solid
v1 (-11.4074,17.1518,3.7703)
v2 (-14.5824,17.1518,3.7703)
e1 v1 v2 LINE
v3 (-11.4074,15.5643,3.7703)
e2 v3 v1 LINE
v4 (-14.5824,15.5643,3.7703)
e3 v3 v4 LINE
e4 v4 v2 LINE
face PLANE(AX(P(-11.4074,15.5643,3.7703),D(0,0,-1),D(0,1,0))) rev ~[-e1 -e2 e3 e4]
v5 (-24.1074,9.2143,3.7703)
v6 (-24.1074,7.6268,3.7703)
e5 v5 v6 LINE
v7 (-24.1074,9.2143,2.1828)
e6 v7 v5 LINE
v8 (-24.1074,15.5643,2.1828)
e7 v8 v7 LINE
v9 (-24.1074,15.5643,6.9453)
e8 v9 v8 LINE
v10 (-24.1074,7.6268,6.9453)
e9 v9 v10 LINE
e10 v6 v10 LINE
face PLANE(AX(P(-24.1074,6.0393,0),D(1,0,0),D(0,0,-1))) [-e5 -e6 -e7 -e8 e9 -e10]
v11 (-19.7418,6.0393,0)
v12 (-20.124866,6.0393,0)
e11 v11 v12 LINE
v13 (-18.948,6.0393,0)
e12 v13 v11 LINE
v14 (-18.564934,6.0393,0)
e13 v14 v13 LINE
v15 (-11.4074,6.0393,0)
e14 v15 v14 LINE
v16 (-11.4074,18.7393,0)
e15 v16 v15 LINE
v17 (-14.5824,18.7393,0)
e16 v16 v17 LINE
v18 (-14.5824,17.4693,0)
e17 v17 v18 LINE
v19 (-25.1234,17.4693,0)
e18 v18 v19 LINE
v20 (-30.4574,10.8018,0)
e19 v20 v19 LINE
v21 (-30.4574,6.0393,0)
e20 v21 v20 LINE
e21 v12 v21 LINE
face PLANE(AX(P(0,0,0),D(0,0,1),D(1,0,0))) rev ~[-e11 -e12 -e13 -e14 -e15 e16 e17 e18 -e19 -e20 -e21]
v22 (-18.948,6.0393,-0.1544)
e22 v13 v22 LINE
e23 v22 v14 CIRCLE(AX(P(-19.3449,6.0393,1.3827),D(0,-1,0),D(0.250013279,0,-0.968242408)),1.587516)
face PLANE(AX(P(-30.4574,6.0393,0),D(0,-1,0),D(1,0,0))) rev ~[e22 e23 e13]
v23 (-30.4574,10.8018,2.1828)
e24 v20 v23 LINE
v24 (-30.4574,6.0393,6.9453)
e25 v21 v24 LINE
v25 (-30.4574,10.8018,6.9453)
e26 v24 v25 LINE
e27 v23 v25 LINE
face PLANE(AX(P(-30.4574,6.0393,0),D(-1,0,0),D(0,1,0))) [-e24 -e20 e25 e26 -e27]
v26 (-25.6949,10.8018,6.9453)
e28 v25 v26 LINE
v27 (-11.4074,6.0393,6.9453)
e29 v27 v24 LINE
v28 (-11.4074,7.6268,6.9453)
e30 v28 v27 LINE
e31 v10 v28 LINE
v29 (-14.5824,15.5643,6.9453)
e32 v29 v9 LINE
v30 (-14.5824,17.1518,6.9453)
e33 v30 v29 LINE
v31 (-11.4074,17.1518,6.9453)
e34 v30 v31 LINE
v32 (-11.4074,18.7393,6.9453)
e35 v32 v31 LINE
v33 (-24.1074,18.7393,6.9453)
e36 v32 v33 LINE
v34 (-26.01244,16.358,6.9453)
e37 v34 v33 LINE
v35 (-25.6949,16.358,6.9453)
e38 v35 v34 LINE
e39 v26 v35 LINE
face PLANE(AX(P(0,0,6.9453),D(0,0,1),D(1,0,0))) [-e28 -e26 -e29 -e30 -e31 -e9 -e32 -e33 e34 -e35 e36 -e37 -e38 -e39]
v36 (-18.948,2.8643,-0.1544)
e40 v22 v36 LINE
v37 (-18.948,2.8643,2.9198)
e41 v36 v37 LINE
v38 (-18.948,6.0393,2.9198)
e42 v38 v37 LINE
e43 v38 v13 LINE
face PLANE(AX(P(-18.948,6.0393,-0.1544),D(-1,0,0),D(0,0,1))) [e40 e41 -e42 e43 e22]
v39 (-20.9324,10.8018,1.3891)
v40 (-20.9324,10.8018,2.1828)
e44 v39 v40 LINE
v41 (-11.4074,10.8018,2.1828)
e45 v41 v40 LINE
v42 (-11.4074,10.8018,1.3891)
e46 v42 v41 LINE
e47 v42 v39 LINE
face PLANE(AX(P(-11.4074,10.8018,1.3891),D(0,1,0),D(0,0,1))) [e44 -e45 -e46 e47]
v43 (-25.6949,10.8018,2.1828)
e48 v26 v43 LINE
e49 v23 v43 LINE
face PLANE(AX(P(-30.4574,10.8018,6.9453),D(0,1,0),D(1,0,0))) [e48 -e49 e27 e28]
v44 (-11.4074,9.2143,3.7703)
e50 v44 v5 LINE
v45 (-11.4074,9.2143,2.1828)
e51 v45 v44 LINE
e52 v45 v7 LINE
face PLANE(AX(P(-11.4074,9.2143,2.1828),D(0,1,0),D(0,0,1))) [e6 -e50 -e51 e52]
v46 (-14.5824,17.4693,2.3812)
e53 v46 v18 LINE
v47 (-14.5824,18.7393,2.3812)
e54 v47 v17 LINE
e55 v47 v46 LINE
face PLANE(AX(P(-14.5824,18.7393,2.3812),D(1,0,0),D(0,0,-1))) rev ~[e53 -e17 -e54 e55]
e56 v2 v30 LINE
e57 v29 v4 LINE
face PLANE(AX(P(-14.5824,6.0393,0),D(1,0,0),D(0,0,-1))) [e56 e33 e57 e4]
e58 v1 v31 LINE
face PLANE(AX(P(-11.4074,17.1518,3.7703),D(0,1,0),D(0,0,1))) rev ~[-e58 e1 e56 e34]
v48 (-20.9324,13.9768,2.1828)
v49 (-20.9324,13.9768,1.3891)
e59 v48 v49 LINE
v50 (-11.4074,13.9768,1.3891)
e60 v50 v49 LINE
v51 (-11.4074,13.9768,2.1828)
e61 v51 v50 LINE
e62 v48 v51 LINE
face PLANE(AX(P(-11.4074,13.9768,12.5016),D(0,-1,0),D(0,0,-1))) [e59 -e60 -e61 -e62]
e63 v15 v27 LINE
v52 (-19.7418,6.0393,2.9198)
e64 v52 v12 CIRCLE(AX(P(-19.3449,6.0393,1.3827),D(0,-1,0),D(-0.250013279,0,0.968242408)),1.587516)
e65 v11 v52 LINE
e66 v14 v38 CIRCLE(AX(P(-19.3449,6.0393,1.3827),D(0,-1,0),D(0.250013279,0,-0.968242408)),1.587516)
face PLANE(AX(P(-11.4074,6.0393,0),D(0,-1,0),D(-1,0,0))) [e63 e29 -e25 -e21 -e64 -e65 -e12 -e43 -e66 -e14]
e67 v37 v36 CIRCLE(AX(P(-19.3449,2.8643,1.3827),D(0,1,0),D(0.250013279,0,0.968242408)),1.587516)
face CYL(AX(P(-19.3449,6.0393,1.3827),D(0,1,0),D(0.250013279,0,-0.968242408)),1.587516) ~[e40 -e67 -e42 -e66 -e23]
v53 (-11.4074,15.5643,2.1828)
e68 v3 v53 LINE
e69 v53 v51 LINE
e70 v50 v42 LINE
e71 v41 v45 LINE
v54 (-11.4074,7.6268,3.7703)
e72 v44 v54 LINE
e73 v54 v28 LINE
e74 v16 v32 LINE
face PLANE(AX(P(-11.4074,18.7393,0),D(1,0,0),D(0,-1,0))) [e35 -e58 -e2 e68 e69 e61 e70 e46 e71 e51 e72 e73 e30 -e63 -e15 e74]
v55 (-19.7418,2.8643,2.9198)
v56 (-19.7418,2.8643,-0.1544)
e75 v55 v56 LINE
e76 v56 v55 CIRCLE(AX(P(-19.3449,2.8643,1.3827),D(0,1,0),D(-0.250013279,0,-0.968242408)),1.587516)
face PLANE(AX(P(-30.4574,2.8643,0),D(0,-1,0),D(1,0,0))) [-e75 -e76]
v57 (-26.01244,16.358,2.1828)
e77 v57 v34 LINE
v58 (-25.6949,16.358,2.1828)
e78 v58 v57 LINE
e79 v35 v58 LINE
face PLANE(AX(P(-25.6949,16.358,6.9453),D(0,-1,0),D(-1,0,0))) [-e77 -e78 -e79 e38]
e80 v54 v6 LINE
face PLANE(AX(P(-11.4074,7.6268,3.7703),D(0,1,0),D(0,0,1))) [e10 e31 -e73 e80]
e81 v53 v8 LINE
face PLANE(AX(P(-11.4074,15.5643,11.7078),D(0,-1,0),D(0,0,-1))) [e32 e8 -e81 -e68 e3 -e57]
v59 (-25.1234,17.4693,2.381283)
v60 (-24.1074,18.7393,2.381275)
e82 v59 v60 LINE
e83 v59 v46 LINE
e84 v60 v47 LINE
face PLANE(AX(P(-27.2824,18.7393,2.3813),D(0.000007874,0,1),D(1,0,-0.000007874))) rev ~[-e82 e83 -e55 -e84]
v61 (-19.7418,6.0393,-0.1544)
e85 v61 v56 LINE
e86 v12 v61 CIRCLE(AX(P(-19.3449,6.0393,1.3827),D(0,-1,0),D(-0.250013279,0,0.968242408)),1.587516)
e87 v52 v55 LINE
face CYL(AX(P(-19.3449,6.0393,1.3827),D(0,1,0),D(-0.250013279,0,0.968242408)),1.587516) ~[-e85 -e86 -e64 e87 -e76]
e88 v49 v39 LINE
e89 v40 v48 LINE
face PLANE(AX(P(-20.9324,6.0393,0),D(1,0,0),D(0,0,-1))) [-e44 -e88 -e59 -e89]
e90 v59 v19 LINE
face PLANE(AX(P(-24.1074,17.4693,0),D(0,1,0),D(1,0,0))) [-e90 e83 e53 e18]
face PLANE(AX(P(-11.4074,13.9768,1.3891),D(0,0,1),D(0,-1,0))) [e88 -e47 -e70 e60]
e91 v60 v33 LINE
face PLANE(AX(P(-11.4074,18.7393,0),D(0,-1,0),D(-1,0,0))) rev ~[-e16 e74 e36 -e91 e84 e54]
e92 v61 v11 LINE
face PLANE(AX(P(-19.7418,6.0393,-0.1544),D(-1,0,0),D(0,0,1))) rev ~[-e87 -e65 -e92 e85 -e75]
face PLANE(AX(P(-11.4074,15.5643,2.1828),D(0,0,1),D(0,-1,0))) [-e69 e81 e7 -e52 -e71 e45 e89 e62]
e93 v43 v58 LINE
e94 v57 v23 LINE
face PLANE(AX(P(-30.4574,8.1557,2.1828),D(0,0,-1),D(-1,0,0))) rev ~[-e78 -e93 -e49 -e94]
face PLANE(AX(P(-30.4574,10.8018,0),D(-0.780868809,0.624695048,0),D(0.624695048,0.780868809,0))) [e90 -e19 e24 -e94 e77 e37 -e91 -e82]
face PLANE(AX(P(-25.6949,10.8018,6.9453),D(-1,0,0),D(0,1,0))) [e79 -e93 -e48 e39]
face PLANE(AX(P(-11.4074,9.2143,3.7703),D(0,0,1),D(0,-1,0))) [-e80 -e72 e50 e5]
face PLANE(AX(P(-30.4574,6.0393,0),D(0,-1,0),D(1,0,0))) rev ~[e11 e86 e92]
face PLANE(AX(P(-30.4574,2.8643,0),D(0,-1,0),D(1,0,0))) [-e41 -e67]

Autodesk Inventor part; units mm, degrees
ref_plane "YZ Plane" through (0, 0, 0) normal (1, 0, 0) x (0, 1, 0)
sketch "Sketch1" plane through (0, 0, 0) normal (0, 0, 1) x (1, 0, 0)
  line L0 (-11.4074, 18.7393) -> (-11.4074, 6.0393)
  line L1 (-11.4074, 6.0393) -> (-30.4574, 6.0393)
  line L2 (-30.4574, 6.0393) -> (-30.4574, 10.8018)
  line L3 (-30.4574, 10.8018) -> (-24.1074, 18.7393)
  line L4 (-11.4074, 18.7393) -> (-24.1074, 18.7393)
  dimension "d0" = 12.7
  dimension "d1" = 19.05
  dimension "d2" = 4.7625
  dimension "d4" = 12.7
extrude "Extrusion1" add sketch "Sketch1" along normal blind 13.8906
sketch "Sketch3" plane through (-30.4574, 6.0393, 0) normal (-1, 0, 0) x (0, 0, 1)
  line L0 (13.8906, 0) -> (13.8906, 4.7625) projected
  line L1 (0, 4.7625) -> (13.8906, 4.7625) projected
  line L2 (0, 0) -> (0, 4.7625) projected
  line L3 (0, 0) -> (13.8906, 0) projected
  circle A0 centre (6.9453, 2.1164) radius 6.9453 construction
  line L4 (6.9453, 2.1164) -> (6.9453, 0)
ref_plane "Work Plane1" through (-30.4574, 8.1557, 6.9453) normal (0, 0, -1) x (-1, 0, 0)
sketch "Sketch4" plane through (-30.4574, 8.1557, 6.9453) normal (0, 0, -1) x (-1, 0, 0)
  line L0 (-4.7625, 8.2023) -> (0, 8.2023)
  line L1 (0, 8.2023) -> (0, 2.6461)
  line L2 (0, 2.6461) -> (-4.7625, 2.6461)
  line L3 (-4.7625, 2.6461) -> (-4.7625, 8.2023)
  line L4 (0, -2.1164) -> (0, 2.6461) projected
  dimension "d13" = 4.7625
  dimension "d14" = 5.5563
extrude "Extrusion3" cut sketch "Sketch4" against normal mid plane 9.525
sketch "Sketch5" plane through (-11.4074, 6.0393, 0) normal (1, 0, 0) x (0, 0, -1)
  line L0 (-13.8906, 12.7) -> (-13.8906, 0) projected
  line L1 (0, 0) -> (-13.8906, 0) projected
  line L2 (0, 12.7) -> (0, 0) projected
  line L3 (0, 12.7) -> (-13.8906, 12.7) projected
  line L4 (-11.7078, 9.525) -> (-2.1828, 9.525)
  line L5 (-2.1828, 9.525) -> (-2.1828, 3.175)
  line L6 (-2.1828, 3.175) -> (-11.7078, 3.175)
  line L7 (-11.7078, 3.175) -> (-11.7078, 9.525)
  circle A0 centre (-6.9453, 6.35) radius 4.7625 construction
  circle A1 centre (-6.9453, 6.35) radius 3.175 construction
  circle A2 centre (-6.9453, 6.35) radius 6.35 construction
  circle A3 centre (-6.9453, 6.35) radius 6.9453 construction
  dimension "d17" = 9.525
  dimension "d18" = 6.35
extrude "Extrusion4" cut sketch "Sketch5" against normal blind 12.7 contours L4 L5 L6 L7
sketch "Sketch6" plane through (-11.4074, 6.0393, 0) normal (1, 0, 0) x (0, 0, -1)
  line L0 (-11.7078, 3.175) -> (-11.7078, 9.525) projected
  line L1 (-11.7078, 9.525) -> (-2.1828, 9.525) projected
  line L2 (-2.1828, 9.525) -> (-2.1828, 3.175) projected
  line L3 (-10.1203, 9.525) -> (-3.7703, 9.525)
  line L4 (-3.7703, 9.525) -> (-3.7703, 11.1125)
  line L5 (-3.7703, 11.1125) -> (-10.1203, 11.1125)
  line L6 (-10.1203, 11.1125) -> (-10.1203, 9.525)
  circle A0 centre (-6.9453, 20.5431) radius 3.175 construction
  circle A1 centre (-6.9453, 20.5431) radius 4.7625 construction
  dimension "d21" = 6.35
  dimension "d22" = 1.5875
extrude "Extrusion5" cut sketch "Sketch6" against normal blind 3.175
sketch "Sketch7" plane through (-11.4074, 6.0393, 0) normal (1, 0, 0) x (0, 0, -1)
  line L0 (-13.8906, 12.7) -> (-13.8906, 0) projected
  line L1 (0, 0) -> (-13.8906, 0) projected
  line L2 (0, 12.7) -> (0, 0) projected
  line L3 (0, 12.7) -> (-13.8906, 12.7) projected
  line L4 (-12.5016, 7.9375) -> (-1.3891, 7.9375)
  line L5 (-1.3891, 7.9375) -> (-1.3891, 4.7625)
  line L6 (-1.3891, 4.7625) -> (-12.5016, 4.7625)
  line L7 (-12.5016, 4.7625) -> (-12.5016, 7.9375)
  circle A0 centre (-6.9453, 6.35) radius 5.5563 construction
  circle A1 centre (-6.9453, 6.35) radius 6.9453 construction
  circle A2 centre (-6.9453, 6.35) radius 6.35 construction
  circle A3 centre (-6.9453, 6.35) radius 1.5875 construction
  dimension "d25" = 3.175
  dimension "d26" = 11.1125
extrude "Extrusion6" cut sketch "Sketch7" against normal blind 9.525 contours L4 L5 L6 L7
sketch "Sketch8" plane through (-11.4074, 6.0393, 0) normal (1, 0, 0) x (0, 0, -1)
  line L0 (-10.1203, 9.525) -> (-10.1203, 11.1125) projected
  line L1 (-3.7703, 11.1125) -> (-3.7703, 9.525) projected
  line L2 (-2.1828, 3.175) -> (-11.7078, 3.175) projected
  line L3 (-10.1203, 3.175) -> (-3.7703, 3.175)
  line L4 (-3.7703, 3.175) -> (-3.7703, 1.5875)
  line L5 (-3.7703, 1.5875) -> (-10.1203, 1.5875)
  line L6 (-10.1203, 1.5875) -> (-10.1203, 3.175)
  dimension "d29" = 1.5875
extrude "Extrusion7" cut sketch "Sketch8" against normal up to surface (12.7 mm away)
sketch "Sketch9" plane through (-30.4574, 6.0393, 0) normal (0, -1, 0) x (1, 0, 0)
  line L0 (19.05, 13.8906) -> (0, 13.8906) projected
  line L1 (19.05, 0) -> (0, 0) projected
  line L2 (19.05, 0) -> (19.05, 13.8906) projected
  line L3 (11.5094, -0.1544) -> (11.5094, 2.9198)
  line L4 (11.5094, 10.9708) -> (11.5094, 14.045)
  line L5 (10.7156, -0.1544) -> (10.7156, 2.9198)
  line L6 (10.7156, 10.9708) -> (10.7156, 14.045)
  arc A0 (10.7156, 2.9198) -> (10.7156, -0.1544) centre (11.1125, 1.3827) ccw
  arc A1 (11.5094, -0.1544) -> (11.5094, 2.9198) centre (11.1125, 1.3827) ccw
  arc A2 (11.5094, 10.9708) -> (11.5094, 14.045) centre (11.1125, 12.5079) ccw
  arc A3 (10.7156, 14.045) -> (10.7156, 10.9708) centre (11.1125, 12.5079) ccw
  circle A4 centre (11.1125, 6.9453) radius 5.5626 construction
  circle A5 centre (11.1125, 6.9453) radius 6.9453 construction
  dimension "d32" = 7.9375
  dimension "d33" = 1.5875
  dimension "d34" = 0.7937
  dimension "d35" = 0.3969
  dimension "d45" = 11.1252
extrude "Extrusion8" add sketch "Sketch9" along normal blind 3.175
sketch "Sketch10" plane through (-24.1074, 18.7393, 0) normal (0, 1, 0) x (1, 0, 0)
  line L0 (0, -13.8906) -> (12.7, -13.8906) projected
  line L1 (12.7, 0) -> (12.7, -13.8906) projected
  line L2 (0, 0) -> (12.7, 0) projected
  line L3 (9.525, 0) -> (-3.175, 0)
  line L4 (-3.175, 0) -> (-3.175, -2.3813)
  line L5 (-3.175, -2.3813) -> (9.525, -2.3812)
  line L6 (9.525, -2.3812) -> (9.525, 0)
  line L7 (9.525, -11.5094) -> (-3.175, -11.5094)
  line L8 (-3.175, -11.5094) -> (-3.175, -13.8906)
  line L9 (-3.175, -13.8906) -> (9.525, -13.8906)
  line L10 (9.525, -13.8906) -> (9.525, -11.5094)
  dimension "d38" = 3.175
  dimension "d39" = 2.3813
  dimension "d40" = 2.3813
  dimension "d41" = 12.7
  dimension "d42" = 12.7
extrude "Extrusion9" cut sketch "Sketch10" against normal blind 1.27
ref_plane "Work Plane2" through (0, 0, 6.9453) normal (0, 0, 1) x (1, 0, 0)
sketch "Sketch12" plane through (0, 0, 6.9453) normal (0, 0, 1) x (1, 0, 0)
  line L0 (-34.925, 19.05) -> (-7.9375, 19.05)
  line L1 (-7.9375, 19.05) -> (-7.9375, -1.5875)
  line L2 (-7.9375, -1.5875) -> (-34.925, -1.5875)
  line L3 (-34.925, -1.5875) -> (-34.925, 19.05)
extrude "Extrusion10" cut sketch "Sketch12" along normal through all
properties part number "connect"
